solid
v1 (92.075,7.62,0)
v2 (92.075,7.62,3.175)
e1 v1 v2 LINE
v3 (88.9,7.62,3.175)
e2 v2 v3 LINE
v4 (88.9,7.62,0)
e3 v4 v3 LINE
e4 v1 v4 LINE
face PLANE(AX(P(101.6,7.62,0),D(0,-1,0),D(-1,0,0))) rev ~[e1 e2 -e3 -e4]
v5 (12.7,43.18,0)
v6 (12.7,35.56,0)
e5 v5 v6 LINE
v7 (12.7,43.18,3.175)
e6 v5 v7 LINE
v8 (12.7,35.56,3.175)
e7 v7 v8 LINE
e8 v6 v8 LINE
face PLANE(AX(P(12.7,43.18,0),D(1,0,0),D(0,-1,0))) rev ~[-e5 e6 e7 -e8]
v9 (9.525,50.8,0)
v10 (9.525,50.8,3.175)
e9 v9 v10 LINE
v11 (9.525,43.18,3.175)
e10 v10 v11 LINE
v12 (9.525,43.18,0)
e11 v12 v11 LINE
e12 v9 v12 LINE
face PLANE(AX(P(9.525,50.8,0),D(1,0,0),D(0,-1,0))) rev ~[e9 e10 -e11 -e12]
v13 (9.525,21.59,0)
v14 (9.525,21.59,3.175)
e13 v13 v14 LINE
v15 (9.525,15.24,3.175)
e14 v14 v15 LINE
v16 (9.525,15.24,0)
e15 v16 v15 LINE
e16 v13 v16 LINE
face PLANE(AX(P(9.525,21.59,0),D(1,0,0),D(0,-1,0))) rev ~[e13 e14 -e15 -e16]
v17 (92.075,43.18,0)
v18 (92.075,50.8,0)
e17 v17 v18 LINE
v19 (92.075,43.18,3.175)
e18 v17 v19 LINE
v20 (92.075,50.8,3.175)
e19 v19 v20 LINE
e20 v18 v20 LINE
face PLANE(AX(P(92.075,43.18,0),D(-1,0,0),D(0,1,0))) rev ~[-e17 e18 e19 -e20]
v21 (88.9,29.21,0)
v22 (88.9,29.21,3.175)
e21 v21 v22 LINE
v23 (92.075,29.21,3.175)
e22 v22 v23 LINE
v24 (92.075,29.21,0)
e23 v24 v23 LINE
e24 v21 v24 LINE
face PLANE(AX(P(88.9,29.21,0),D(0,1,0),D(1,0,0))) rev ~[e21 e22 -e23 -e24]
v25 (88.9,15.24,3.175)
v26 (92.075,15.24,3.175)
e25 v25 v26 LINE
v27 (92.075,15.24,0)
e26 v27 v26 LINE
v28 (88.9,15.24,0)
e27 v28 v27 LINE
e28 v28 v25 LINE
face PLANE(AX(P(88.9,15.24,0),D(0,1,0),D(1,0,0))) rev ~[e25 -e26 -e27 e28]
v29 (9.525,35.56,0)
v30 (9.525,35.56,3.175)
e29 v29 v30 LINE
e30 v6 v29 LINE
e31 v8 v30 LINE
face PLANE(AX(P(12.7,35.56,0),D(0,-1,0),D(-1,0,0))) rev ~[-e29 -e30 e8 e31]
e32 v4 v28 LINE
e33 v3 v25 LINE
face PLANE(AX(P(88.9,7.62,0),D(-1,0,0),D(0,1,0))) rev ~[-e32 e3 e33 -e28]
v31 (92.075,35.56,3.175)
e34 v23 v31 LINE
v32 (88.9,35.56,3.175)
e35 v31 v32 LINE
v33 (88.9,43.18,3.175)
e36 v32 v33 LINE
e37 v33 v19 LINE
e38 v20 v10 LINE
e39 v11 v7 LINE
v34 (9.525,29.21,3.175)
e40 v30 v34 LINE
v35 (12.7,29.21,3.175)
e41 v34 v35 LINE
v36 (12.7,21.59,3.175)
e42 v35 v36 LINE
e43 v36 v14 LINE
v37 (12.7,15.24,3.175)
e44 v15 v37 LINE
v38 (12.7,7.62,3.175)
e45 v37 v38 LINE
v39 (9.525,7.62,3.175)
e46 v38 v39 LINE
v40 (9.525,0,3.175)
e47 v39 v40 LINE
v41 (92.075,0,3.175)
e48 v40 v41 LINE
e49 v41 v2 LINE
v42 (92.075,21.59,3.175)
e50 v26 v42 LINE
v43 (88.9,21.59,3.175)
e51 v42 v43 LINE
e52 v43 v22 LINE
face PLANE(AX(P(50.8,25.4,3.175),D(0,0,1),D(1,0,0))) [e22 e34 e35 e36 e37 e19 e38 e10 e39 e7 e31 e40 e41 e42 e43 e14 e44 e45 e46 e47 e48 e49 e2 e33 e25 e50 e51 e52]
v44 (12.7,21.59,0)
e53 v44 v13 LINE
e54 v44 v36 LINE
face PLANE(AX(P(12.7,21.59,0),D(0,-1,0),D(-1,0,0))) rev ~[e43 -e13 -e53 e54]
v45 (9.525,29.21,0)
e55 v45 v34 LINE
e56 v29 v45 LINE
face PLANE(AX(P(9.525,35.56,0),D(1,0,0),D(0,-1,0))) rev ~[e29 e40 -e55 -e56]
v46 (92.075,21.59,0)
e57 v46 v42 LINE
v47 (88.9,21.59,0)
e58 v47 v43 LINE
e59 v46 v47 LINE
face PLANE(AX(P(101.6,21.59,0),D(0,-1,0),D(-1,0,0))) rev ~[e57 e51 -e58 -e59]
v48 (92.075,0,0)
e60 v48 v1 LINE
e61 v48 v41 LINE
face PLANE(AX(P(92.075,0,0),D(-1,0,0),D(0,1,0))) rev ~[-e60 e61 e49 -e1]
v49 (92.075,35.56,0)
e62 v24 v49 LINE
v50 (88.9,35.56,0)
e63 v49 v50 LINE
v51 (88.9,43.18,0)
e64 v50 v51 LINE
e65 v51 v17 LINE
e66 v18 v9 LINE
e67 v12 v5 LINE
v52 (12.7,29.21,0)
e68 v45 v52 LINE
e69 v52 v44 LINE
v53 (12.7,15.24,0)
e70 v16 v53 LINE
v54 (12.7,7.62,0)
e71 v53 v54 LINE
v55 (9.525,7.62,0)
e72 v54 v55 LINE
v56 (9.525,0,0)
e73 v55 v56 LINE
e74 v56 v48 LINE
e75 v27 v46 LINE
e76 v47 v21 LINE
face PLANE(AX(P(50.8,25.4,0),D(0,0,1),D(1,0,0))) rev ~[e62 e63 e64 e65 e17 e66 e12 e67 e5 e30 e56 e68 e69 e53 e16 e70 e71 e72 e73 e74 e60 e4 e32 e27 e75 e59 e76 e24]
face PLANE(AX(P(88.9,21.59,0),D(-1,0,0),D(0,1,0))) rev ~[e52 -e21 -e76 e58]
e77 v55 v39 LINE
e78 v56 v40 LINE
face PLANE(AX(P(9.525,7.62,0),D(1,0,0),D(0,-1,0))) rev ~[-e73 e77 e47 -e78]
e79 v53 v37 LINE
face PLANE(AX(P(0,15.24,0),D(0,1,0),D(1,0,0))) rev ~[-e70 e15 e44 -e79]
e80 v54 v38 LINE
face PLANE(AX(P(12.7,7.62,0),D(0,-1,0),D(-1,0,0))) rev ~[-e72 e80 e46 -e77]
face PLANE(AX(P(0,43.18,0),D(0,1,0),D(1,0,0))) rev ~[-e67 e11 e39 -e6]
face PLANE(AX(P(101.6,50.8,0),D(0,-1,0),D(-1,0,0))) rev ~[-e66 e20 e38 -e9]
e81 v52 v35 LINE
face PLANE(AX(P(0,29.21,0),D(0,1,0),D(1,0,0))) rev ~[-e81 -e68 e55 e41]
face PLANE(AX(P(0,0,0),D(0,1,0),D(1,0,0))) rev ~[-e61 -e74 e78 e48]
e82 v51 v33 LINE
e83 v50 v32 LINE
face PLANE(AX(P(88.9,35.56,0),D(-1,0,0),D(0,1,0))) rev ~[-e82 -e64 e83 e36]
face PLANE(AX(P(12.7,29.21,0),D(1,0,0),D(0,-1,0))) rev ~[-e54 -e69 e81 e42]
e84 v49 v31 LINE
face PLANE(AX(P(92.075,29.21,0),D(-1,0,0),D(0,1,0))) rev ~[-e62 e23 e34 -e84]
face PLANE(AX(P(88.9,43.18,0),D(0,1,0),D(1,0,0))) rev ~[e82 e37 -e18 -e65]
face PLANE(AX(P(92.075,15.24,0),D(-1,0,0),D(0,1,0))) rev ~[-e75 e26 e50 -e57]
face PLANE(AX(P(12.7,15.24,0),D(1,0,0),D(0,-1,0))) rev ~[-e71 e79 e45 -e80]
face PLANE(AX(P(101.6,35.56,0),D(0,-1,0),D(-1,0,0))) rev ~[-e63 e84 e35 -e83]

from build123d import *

# Parameters (mm, degrees)
F1_DEPTH = 3.175
F2_DEPTH = 9.525
F3_DEPTH = 9.525


with BuildPart() as f1:
    # F0 (on Top) → F1 (new body)
    with BuildSketch(Plane.XY):
        Polygon((0, 7.62), (0, 0), (101.6, 0), (101.6, 7.62), (88.9, 7.62), (88.9, 15.24), (101.6, 15.24), (101.6, 21.59), (88.9, 21.59), (88.9, 29.21), (101.6, 29.21), (101.6, 35.56), (88.9, 35.56), (88.9, 43.18), (101.6, 43.18), (101.6, 50.8), (0, 50.8), (0, 43.18), (12.7, 43.18), (12.7, 35.56), (0, 35.56), (0, 29.21), (12.7, 29.21), (12.7, 21.59), (0, 21.59), (0, 15.24), (12.7, 15.24), (12.7, 7.62), align=None)
    extrude(amount=F1_DEPTH)

    # F2 (cut): faces of the model
    f2_faces = [f1.faces().sort_by_distance(p)[0] for p in [
        (0, 46.99, 1.5875),
        (0, 32.385, 1.5875),
        (0, 18.415, 1.5875),
        (0, 3.81, 1.5875),
    ]]
    extrude(f2_faces, amount=-F2_DEPTH, mode=Mode.SUBTRACT)

    # F3 (cut): faces of the model
    f3_faces = [f1.faces().sort_by_distance(p)[0] for p in [
        (101.6, 3.81, 1.5875),
        (101.6, 18.415, 1.5875),
        (101.6, 32.385, 1.5875),
        (101.6, 46.99, 1.5875),
    ]]
    extrude(f3_faces, amount=-F3_DEPTH, mode=Mode.SUBTRACT)


solid = f1.part
